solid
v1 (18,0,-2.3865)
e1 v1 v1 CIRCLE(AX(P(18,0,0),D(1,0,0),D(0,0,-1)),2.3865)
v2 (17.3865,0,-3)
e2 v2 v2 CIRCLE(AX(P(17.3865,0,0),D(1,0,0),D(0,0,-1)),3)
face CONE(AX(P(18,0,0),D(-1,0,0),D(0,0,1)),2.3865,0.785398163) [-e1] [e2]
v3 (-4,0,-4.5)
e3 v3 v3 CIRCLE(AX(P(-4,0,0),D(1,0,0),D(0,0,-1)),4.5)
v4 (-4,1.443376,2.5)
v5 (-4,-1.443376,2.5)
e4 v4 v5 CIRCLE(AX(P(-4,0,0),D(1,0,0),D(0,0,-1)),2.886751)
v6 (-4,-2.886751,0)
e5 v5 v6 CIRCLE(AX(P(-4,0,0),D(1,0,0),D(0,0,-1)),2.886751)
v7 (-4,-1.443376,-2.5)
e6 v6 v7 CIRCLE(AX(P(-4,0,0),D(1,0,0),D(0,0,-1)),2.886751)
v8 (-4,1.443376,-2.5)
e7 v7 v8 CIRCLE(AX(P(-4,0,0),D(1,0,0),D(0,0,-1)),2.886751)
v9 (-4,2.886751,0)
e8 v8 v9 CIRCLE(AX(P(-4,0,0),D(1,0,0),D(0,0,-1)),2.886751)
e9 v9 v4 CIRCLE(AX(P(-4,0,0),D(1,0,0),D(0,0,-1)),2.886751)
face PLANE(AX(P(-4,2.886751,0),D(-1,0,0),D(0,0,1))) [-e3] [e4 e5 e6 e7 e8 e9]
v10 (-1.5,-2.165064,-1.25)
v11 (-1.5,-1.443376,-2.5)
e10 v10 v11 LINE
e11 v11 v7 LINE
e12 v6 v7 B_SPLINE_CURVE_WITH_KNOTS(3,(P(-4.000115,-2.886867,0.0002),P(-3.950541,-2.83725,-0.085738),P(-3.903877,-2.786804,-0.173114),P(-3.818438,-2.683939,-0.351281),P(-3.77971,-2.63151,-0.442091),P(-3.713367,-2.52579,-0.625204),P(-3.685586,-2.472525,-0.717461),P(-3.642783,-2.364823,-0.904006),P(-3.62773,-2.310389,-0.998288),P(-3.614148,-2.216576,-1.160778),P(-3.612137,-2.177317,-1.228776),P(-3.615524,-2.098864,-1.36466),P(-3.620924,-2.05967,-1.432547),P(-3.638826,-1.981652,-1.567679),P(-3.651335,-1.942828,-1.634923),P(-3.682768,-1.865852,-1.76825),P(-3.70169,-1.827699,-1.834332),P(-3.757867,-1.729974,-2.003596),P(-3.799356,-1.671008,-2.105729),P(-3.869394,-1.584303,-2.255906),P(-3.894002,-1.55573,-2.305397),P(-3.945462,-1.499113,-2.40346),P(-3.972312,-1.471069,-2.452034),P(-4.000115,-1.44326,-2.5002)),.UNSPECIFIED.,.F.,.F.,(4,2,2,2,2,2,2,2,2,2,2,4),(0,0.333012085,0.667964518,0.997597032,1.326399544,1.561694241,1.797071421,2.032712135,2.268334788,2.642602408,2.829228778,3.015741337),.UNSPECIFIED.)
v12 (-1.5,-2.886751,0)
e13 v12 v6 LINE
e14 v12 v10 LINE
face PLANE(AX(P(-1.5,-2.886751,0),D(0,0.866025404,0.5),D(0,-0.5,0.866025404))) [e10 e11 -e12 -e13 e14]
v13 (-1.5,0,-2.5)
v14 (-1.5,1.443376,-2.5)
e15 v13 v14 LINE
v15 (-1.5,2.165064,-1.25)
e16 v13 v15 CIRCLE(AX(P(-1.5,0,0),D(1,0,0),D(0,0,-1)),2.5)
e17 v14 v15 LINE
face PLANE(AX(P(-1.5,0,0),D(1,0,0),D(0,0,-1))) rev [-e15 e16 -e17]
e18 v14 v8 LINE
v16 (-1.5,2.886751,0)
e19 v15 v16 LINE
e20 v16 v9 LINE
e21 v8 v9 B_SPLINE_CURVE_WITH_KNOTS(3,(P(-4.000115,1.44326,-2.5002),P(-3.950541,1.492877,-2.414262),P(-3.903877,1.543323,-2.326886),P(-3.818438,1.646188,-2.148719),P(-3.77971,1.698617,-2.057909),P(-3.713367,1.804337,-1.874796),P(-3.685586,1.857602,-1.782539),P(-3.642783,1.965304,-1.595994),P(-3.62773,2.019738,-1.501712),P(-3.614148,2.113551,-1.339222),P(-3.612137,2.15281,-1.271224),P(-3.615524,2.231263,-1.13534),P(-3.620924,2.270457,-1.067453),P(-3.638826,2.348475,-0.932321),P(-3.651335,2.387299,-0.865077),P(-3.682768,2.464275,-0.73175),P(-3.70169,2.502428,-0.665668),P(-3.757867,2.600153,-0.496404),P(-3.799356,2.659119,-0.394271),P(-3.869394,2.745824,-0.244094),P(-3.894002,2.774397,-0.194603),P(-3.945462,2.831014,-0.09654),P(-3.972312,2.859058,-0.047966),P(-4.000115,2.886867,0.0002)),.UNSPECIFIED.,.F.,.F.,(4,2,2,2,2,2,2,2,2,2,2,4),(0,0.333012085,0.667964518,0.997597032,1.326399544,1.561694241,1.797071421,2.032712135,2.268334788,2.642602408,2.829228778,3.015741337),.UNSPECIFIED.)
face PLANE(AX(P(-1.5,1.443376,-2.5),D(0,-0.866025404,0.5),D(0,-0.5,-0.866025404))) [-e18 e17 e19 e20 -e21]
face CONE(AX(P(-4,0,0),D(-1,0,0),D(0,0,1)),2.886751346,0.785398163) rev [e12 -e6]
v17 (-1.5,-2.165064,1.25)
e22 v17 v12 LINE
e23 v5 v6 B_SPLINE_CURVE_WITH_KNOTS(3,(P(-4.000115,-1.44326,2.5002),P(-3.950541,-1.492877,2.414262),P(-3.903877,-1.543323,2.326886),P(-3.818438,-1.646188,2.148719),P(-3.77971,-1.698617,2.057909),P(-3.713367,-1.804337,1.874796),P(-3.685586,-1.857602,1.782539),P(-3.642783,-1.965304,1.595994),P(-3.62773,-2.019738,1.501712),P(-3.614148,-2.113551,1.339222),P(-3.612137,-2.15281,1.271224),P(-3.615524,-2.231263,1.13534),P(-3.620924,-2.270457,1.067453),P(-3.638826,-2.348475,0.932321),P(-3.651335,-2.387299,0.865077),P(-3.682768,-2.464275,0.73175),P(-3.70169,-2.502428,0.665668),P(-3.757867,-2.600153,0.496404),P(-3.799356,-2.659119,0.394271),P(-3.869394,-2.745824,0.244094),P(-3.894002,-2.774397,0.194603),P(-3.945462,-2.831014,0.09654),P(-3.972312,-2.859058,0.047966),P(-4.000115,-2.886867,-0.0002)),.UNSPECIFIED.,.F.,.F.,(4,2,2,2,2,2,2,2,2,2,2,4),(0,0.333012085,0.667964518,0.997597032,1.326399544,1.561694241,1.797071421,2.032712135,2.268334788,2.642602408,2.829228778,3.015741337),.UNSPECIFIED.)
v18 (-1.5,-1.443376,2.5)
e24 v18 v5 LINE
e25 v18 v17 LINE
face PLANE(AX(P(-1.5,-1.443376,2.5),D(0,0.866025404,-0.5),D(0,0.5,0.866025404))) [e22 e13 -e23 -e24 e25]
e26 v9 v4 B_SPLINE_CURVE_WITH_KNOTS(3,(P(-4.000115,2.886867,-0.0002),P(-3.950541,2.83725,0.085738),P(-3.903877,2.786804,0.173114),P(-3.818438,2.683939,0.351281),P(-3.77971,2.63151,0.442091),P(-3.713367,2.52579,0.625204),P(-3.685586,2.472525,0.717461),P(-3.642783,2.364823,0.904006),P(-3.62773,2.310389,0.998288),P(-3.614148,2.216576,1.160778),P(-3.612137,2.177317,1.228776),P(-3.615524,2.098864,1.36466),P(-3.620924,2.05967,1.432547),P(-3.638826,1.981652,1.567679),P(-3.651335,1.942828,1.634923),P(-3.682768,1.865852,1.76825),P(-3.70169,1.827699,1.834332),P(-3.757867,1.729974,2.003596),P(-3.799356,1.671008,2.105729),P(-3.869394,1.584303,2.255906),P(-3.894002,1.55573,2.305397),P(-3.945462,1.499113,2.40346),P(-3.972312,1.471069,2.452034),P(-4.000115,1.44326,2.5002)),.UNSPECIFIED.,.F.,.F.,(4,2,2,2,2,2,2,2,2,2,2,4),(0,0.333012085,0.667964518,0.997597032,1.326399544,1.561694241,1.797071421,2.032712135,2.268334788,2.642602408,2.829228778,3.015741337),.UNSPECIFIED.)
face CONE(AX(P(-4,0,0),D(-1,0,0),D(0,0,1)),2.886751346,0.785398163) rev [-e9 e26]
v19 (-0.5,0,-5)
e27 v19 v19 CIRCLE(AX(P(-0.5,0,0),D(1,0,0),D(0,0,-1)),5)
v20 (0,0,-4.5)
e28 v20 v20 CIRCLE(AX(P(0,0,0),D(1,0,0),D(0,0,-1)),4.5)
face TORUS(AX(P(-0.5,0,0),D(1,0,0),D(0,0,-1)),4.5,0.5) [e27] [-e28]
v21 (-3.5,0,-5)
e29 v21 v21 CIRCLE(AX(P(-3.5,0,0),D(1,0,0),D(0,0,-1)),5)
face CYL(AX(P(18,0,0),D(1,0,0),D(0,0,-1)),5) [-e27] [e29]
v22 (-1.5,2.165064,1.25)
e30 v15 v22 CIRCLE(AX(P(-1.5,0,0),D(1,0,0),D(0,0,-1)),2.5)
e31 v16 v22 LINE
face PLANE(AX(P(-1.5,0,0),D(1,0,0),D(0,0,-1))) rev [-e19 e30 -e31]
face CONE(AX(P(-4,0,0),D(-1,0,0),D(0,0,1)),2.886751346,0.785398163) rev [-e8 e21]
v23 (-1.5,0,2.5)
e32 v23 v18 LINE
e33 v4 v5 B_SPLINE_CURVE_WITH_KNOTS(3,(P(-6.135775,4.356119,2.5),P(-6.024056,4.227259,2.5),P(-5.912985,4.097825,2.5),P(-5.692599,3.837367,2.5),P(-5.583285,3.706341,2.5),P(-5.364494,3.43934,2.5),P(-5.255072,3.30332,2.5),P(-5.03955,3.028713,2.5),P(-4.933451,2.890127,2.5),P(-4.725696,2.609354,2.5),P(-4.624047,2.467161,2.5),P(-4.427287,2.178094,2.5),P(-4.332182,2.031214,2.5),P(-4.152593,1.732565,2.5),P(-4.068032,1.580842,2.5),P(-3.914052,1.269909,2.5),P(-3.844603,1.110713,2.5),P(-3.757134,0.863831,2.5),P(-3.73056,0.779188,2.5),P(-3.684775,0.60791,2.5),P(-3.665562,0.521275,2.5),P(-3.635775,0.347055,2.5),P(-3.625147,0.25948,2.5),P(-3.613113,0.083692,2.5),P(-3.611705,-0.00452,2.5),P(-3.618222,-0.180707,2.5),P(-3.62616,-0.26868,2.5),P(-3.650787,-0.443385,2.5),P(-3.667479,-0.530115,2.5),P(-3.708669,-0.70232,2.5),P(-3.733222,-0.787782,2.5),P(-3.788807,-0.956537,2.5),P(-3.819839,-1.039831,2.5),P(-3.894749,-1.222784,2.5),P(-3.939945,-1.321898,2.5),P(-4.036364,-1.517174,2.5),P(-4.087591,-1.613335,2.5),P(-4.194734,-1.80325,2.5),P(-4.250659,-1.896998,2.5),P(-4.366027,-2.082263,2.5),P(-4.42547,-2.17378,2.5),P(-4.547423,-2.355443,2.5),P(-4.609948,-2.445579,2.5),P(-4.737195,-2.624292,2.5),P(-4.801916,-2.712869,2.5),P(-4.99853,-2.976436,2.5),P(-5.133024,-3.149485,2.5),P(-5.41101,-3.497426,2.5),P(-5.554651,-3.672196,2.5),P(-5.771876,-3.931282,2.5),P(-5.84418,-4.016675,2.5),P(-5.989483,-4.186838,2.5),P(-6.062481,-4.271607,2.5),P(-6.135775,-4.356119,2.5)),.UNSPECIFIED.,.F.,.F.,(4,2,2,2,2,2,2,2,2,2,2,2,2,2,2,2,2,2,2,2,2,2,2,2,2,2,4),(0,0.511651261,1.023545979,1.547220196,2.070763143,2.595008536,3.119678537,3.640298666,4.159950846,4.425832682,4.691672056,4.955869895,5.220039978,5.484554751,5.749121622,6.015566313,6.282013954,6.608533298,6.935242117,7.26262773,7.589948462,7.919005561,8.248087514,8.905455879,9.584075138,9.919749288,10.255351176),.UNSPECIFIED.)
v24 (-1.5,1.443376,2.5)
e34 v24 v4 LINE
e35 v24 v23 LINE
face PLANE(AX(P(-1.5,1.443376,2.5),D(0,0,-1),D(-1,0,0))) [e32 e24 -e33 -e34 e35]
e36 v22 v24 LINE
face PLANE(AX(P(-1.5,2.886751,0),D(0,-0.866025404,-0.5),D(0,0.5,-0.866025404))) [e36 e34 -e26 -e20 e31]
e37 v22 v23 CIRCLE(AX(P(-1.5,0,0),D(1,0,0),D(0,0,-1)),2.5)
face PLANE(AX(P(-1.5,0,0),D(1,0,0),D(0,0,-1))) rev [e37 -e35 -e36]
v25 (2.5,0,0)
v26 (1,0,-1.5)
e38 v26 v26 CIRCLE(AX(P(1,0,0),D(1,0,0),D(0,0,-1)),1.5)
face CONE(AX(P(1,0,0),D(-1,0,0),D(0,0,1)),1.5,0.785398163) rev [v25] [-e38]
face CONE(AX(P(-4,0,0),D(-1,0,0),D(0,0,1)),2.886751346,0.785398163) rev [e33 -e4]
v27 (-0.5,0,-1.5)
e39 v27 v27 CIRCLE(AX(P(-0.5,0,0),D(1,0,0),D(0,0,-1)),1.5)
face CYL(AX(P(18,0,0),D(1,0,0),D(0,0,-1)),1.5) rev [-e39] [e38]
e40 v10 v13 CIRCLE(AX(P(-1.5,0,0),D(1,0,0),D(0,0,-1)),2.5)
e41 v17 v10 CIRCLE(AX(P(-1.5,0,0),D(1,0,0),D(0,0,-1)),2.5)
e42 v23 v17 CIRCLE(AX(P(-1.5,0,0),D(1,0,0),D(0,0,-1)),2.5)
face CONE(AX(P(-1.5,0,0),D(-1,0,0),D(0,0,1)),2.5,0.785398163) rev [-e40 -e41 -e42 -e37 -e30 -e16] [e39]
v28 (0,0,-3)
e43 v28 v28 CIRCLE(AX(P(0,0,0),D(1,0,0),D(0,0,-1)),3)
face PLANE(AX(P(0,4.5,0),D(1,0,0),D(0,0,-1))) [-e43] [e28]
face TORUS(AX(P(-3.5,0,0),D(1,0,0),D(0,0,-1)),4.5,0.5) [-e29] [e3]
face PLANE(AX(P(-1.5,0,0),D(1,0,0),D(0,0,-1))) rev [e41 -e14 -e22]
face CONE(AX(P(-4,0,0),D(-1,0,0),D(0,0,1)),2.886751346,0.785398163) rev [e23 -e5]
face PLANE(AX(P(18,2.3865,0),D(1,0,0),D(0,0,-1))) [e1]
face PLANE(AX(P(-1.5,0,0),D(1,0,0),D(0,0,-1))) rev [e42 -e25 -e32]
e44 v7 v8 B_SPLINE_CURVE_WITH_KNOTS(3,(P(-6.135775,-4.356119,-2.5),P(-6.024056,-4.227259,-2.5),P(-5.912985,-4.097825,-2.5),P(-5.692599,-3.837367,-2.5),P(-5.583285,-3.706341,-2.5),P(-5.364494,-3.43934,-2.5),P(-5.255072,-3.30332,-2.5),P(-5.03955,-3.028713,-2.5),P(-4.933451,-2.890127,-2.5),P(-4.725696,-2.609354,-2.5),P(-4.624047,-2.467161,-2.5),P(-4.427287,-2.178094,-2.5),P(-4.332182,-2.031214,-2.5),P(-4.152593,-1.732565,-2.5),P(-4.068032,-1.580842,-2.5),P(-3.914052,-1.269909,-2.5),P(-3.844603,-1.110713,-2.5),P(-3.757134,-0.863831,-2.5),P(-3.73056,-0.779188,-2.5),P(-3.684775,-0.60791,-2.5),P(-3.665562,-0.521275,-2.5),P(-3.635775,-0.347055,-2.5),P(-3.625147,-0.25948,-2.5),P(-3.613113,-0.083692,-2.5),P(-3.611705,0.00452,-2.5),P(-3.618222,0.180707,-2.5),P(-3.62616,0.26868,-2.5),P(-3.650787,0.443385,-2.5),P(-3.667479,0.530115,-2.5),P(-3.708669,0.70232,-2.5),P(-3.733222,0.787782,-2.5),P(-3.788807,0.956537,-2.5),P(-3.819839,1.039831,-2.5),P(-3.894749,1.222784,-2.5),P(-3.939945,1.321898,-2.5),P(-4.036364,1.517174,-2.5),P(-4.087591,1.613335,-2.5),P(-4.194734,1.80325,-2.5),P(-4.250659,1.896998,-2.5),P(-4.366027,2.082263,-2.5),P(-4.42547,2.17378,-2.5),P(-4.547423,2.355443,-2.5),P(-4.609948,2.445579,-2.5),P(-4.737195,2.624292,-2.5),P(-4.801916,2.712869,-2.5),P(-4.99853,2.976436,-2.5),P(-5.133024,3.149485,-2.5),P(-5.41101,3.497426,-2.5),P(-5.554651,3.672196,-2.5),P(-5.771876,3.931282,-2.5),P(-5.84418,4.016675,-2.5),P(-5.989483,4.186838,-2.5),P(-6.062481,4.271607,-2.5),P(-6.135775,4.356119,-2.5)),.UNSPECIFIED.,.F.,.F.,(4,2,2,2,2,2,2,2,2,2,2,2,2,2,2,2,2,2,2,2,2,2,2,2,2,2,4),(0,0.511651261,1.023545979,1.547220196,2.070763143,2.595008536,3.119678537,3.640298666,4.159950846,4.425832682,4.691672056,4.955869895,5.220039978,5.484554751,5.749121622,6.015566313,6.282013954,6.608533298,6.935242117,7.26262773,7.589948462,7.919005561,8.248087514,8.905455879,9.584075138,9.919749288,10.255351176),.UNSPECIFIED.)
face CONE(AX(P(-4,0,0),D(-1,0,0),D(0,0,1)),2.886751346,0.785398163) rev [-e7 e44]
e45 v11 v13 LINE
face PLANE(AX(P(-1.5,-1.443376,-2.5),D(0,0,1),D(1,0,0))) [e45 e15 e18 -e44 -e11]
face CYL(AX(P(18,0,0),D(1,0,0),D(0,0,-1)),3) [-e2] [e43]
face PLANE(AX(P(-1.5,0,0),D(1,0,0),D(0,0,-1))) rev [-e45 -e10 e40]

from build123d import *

# Parameters (mm, degrees)
CUT_EXTRUDE1_DEPTH = 2.5


with BuildPart() as part:
    # Sketch1 → Revolve1 (revolve)
    with BuildSketch(Plane.XY):
        with BuildLine():
            Line((2.5, 0), (1, 1.5))
            Line((1, 1.5), (-0.5, 1.5))
            Line((-0.5, 1.5), (-1.5, 2.5))
            Line((-1.5, 2.5), (-3.613248654, 2.5))
            Line((-3.613248654, 2.5), (-4, 2.886751346))
            Line((-4, 2.886751346), (-4, 4.5))
            ThreePointArc((-4, 4.5), (-3.853553391, 4.853553391), (-3.5, 5))
            Line((-3.5, 5), (-0.5, 5))
            ThreePointArc((-0.5, 5), (-0.146446609, 4.853553391), (0, 4.5))
            Line((0, 4.5), (0, 3))
            Line((0, 3), (17.3865, 3))
            Line((17.3865, 3), (18, 2.3865))
            Line((18, 2.3865), (18, 0))
            Line((18, 0), (2.5, 0))
        make_face()
    revolve(axis=Axis((18, 0, 0), (-1, 0, 0)))

    # Sketch2 → Cut-Extrude1 (cut)
    with BuildSketch(Plane(origin=(-4, 0, 0), x_dir=(0, 0, -1), z_dir=(1, 0, 0))):
        Polygon((-2.5, -1.443375673), (0, -2.886751346), (2.5, -1.443375673), (2.5, 1.443375673), (0, 2.886751346), (-2.5, 1.443375673), align=None)
    extrude(amount=CUT_EXTRUDE1_DEPTH, mode=Mode.SUBTRACT)


solid = part.part
